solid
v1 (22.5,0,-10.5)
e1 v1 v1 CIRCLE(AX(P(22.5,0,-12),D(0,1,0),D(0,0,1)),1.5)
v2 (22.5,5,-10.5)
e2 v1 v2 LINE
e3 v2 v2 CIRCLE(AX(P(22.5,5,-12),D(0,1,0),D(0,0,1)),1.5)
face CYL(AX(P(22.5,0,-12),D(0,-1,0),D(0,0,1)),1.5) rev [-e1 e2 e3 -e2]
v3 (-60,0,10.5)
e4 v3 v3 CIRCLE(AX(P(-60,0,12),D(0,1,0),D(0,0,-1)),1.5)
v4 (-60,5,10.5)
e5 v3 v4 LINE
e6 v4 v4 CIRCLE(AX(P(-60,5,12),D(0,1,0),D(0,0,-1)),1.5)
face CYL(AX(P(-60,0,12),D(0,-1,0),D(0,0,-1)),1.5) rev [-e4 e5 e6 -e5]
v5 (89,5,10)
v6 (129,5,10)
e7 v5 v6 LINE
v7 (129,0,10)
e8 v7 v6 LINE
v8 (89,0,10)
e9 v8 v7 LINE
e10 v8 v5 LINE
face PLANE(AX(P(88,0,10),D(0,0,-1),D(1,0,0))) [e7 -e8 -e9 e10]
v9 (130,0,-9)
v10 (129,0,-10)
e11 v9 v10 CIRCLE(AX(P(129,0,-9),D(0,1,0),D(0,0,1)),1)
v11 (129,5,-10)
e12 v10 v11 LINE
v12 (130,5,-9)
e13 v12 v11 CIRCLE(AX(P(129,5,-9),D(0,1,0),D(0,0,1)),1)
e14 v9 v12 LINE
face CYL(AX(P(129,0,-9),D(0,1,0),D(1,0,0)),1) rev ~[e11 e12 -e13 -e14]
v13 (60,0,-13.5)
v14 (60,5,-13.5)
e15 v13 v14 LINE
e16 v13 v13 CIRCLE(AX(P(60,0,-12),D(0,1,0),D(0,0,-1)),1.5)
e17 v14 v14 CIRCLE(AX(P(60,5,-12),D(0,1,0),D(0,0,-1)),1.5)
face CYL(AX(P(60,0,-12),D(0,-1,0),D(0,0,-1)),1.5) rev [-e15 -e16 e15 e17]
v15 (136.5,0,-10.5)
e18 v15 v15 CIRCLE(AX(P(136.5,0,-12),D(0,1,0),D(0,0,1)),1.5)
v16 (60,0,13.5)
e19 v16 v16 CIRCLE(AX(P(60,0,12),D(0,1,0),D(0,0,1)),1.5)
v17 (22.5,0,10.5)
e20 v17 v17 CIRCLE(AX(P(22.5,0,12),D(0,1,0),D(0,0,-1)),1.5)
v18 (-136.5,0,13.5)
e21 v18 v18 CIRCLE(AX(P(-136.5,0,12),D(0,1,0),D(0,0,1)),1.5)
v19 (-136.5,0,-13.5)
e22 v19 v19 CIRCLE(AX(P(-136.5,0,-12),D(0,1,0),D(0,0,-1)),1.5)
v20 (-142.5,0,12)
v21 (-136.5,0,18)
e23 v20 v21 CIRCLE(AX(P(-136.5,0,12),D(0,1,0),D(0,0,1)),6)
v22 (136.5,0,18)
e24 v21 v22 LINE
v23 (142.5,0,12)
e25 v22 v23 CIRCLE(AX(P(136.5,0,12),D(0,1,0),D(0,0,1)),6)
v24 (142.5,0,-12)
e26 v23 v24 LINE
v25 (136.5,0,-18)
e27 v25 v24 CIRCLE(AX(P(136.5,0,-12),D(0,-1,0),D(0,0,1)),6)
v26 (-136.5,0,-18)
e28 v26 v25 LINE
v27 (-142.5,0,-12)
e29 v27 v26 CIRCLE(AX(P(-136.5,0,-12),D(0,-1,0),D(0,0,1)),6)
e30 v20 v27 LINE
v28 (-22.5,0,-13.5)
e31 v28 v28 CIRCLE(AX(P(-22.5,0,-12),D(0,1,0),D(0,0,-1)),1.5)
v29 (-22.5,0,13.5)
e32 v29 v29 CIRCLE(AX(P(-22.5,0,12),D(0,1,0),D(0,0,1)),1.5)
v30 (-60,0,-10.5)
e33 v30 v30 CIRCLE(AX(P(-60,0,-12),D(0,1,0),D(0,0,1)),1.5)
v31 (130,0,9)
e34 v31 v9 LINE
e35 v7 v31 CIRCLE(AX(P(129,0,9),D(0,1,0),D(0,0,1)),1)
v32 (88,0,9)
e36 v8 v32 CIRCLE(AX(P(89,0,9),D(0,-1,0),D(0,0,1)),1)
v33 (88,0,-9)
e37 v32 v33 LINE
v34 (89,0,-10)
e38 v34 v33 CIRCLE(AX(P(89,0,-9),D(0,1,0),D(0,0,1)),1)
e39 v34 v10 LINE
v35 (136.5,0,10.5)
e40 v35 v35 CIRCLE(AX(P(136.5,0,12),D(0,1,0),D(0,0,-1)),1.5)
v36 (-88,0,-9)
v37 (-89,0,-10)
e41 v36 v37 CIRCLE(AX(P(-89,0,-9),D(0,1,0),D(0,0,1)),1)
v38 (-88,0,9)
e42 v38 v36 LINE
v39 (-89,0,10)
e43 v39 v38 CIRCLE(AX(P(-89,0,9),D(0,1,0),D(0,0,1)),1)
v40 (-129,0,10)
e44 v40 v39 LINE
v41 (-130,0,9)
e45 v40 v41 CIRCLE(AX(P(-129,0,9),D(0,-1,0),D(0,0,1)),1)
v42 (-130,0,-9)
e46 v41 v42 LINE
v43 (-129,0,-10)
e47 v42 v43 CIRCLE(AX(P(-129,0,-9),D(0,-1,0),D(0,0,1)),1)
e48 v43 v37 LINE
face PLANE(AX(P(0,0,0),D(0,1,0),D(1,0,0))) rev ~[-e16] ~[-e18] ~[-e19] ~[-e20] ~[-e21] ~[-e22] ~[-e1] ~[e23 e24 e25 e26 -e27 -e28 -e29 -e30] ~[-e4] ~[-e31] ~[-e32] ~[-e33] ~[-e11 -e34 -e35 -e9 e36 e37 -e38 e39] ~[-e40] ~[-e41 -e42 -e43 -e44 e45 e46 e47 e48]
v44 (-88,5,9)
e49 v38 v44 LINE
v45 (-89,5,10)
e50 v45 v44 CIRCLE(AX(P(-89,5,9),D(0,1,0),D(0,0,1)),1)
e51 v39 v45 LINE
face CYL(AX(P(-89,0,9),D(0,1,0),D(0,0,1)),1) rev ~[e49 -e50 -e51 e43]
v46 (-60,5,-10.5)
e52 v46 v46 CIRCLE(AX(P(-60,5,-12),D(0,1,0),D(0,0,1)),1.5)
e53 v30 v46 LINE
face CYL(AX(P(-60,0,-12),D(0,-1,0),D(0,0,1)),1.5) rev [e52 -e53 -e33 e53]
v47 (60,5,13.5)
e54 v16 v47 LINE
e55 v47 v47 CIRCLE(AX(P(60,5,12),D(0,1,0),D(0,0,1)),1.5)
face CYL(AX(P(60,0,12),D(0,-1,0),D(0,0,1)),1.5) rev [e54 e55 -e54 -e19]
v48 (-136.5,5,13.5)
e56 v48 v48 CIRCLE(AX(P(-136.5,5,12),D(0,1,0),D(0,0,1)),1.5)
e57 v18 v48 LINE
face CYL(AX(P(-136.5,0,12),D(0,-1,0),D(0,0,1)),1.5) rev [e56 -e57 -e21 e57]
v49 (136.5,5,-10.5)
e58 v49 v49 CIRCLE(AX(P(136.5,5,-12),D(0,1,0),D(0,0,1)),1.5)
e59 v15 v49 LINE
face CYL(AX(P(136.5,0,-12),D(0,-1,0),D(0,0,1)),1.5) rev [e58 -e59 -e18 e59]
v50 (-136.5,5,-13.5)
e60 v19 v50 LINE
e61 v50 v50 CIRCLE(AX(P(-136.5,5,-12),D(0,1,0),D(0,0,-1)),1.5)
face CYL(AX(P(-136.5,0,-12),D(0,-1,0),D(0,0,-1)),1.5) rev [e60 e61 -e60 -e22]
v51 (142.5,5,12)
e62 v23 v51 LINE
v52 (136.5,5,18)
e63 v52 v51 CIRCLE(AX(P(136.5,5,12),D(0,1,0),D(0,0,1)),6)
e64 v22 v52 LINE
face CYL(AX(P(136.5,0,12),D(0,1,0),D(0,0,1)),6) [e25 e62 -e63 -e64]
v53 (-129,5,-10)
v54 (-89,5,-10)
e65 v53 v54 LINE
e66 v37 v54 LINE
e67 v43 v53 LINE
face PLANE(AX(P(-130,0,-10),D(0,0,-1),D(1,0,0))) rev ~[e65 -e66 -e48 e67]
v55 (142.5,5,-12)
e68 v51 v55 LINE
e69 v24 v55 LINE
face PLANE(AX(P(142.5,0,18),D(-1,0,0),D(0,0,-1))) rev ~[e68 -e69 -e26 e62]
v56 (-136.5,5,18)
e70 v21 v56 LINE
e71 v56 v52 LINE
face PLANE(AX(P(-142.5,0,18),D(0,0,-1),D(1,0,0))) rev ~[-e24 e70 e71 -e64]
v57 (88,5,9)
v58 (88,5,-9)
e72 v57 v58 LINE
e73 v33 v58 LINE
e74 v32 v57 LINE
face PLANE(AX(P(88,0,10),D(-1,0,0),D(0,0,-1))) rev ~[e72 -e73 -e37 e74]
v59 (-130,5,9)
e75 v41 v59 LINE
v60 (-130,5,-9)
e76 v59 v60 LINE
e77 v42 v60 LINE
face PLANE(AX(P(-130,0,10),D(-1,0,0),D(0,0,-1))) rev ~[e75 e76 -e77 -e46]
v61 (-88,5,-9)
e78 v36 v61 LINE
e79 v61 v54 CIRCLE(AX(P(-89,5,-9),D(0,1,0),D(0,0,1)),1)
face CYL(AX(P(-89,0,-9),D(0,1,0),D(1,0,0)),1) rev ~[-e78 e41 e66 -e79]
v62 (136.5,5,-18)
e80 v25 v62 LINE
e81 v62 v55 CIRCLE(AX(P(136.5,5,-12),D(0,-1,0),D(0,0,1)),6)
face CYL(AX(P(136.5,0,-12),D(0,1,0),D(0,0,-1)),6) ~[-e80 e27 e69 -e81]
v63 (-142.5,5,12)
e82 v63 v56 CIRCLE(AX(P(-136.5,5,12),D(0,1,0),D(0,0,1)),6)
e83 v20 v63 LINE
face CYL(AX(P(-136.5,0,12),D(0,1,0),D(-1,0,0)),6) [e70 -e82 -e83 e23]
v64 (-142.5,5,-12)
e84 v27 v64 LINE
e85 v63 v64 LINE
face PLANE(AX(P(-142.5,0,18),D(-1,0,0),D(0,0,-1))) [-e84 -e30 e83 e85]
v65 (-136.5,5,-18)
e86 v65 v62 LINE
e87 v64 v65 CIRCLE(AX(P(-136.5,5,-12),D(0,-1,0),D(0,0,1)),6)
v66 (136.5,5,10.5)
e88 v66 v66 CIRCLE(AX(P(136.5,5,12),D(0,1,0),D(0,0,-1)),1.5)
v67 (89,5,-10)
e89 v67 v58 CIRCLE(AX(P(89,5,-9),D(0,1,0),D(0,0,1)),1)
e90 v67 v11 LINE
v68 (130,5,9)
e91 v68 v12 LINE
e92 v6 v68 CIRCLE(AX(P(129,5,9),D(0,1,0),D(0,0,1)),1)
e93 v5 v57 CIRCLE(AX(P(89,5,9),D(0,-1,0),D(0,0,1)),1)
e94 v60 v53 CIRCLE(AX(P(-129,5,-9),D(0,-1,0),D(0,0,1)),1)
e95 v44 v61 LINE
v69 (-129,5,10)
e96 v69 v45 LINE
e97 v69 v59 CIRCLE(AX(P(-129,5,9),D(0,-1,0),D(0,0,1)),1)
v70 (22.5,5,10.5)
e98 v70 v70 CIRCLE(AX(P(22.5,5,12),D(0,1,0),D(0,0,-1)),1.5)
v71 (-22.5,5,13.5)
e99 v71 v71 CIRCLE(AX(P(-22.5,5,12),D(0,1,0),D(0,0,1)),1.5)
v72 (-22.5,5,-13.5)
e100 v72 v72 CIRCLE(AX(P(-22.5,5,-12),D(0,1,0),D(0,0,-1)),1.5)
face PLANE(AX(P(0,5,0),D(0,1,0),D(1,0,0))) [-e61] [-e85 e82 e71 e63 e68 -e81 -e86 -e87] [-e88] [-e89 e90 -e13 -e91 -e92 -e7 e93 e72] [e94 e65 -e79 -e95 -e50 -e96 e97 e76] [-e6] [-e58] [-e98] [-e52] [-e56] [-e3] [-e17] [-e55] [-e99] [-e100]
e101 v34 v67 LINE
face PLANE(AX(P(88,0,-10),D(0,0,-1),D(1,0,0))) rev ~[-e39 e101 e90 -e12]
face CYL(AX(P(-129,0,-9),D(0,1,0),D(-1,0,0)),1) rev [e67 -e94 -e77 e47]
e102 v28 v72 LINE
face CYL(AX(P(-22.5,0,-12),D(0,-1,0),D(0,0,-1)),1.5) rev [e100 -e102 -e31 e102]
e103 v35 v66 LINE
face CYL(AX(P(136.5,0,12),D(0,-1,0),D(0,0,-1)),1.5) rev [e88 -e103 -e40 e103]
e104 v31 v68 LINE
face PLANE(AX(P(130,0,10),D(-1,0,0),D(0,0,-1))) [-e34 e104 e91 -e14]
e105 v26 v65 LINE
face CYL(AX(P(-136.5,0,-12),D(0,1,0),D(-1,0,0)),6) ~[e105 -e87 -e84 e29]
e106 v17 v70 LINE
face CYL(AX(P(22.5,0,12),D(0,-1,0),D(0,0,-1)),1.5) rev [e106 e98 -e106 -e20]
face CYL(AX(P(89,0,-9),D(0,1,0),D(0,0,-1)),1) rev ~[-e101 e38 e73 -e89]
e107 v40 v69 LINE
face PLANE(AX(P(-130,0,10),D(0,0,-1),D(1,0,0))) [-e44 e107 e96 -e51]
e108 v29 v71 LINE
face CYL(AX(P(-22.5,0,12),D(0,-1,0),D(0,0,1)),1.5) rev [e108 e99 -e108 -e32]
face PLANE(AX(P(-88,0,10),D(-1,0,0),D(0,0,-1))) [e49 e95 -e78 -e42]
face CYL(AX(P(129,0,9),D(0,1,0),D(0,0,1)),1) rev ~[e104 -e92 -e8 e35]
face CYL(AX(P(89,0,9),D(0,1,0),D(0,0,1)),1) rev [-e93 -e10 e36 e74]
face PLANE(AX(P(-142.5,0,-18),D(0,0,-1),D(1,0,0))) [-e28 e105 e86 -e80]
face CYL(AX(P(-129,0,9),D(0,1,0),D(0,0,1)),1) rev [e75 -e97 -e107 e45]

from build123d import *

# Parameters (mm, degrees)
SKETCH1_W           = 285
SKETCH1_H           = 36
SKETCH1_R           = 1.5
SKETCH1_W_2         = 42
SKETCH1_H_2         = 20
BOSS_EXTRUDE2_DEPTH = 5
FILLET1_R           = 6
FILLET2_R           = 1


with BuildPart() as part:
    # Sketch1 → Boss-Extrude2 (new body)
    with BuildSketch(Plane(origin=(0, 0, 0), x_dir=(1, 0, 0), z_dir=(0, 1, 0))):
        Rectangle(SKETCH1_W, SKETCH1_H)
        with Locations(Location((-22.5, -12, 0), (0, 0, 270))):
            Circle(SKETCH1_R, mode=Mode.SUBTRACT)
        with Locations(Location((-22.5, 12, 0), (0, 0, 90))):
            Circle(SKETCH1_R, mode=Mode.SUBTRACT)
        with Locations(Location((-136.5, -12, 0), (0, 0, 270))):
            Circle(SKETCH1_R, mode=Mode.SUBTRACT)
        with Locations(Location((-136.5, 12, 0), (0, 0, 90))):
            Circle(SKETCH1_R, mode=Mode.SUBTRACT)
        with Locations(Location((22.5, -12, 0), (0, 0, 90))):
            Circle(SKETCH1_R, mode=Mode.SUBTRACT)
        with Locations(Location((22.5, 12, 0), (0, 0, 270))):
            Circle(SKETCH1_R, mode=Mode.SUBTRACT)
        with Locations(Location((136.5, -12, 0), (0, 0, 90))):
            Circle(SKETCH1_R, mode=Mode.SUBTRACT)
        with Locations(Location((136.5, 12, 0), (0, 0, 270))):
            Circle(SKETCH1_R, mode=Mode.SUBTRACT)
        with Locations(Location((-60, 12, 0), (0, 0, 270))):
            Circle(SKETCH1_R, mode=Mode.SUBTRACT)
        with Locations(Location((-60, -12, 0), (0, 0, 90))):
            Circle(SKETCH1_R, mode=Mode.SUBTRACT)
        with Locations(Location((60, -12, 0), (0, 0, 270))):
            Circle(SKETCH1_R, mode=Mode.SUBTRACT)
        with Locations(Location((60, 12, 0), (0, 0, 90))):
            Circle(SKETCH1_R, mode=Mode.SUBTRACT)
        with Locations((-109, 0)):
            Rectangle(SKETCH1_W_2, SKETCH1_H_2, mode=Mode.SUBTRACT)
        with Locations((109, 0)):
            Rectangle(SKETCH1_W_2, SKETCH1_H_2, mode=Mode.SUBTRACT)
    extrude(amount=BOSS_EXTRUDE2_DEPTH)

    # Fillet1
    fillet1_edges = [part.edges().sort_by_distance(p)[0] for p in [
        (142.5, 2.5, 18),
        (-142.5, 2.5, 18),
        (-142.5, 2.5, -18),
        (142.5, 2.5, -18),
    ]]
    fillet(fillet1_edges, radius=FILLET1_R)

    # Fillet2
    fillet2_edges = [part.edges().sort_by_distance(p)[0] for p in [
        (-88, 2.5, 10),
        (-88, 2.5, -10),
        (-130, 2.5, -10),
        (-130, 2.5, 10),
        (88, 2.5, -10),
        (88, 2.5, 10),
        (130, 2.5, 10),
        (130, 2.5, -10),
    ]]
    fillet(fillet2_edges, radius=FILLET2_R)


solid = part.part
